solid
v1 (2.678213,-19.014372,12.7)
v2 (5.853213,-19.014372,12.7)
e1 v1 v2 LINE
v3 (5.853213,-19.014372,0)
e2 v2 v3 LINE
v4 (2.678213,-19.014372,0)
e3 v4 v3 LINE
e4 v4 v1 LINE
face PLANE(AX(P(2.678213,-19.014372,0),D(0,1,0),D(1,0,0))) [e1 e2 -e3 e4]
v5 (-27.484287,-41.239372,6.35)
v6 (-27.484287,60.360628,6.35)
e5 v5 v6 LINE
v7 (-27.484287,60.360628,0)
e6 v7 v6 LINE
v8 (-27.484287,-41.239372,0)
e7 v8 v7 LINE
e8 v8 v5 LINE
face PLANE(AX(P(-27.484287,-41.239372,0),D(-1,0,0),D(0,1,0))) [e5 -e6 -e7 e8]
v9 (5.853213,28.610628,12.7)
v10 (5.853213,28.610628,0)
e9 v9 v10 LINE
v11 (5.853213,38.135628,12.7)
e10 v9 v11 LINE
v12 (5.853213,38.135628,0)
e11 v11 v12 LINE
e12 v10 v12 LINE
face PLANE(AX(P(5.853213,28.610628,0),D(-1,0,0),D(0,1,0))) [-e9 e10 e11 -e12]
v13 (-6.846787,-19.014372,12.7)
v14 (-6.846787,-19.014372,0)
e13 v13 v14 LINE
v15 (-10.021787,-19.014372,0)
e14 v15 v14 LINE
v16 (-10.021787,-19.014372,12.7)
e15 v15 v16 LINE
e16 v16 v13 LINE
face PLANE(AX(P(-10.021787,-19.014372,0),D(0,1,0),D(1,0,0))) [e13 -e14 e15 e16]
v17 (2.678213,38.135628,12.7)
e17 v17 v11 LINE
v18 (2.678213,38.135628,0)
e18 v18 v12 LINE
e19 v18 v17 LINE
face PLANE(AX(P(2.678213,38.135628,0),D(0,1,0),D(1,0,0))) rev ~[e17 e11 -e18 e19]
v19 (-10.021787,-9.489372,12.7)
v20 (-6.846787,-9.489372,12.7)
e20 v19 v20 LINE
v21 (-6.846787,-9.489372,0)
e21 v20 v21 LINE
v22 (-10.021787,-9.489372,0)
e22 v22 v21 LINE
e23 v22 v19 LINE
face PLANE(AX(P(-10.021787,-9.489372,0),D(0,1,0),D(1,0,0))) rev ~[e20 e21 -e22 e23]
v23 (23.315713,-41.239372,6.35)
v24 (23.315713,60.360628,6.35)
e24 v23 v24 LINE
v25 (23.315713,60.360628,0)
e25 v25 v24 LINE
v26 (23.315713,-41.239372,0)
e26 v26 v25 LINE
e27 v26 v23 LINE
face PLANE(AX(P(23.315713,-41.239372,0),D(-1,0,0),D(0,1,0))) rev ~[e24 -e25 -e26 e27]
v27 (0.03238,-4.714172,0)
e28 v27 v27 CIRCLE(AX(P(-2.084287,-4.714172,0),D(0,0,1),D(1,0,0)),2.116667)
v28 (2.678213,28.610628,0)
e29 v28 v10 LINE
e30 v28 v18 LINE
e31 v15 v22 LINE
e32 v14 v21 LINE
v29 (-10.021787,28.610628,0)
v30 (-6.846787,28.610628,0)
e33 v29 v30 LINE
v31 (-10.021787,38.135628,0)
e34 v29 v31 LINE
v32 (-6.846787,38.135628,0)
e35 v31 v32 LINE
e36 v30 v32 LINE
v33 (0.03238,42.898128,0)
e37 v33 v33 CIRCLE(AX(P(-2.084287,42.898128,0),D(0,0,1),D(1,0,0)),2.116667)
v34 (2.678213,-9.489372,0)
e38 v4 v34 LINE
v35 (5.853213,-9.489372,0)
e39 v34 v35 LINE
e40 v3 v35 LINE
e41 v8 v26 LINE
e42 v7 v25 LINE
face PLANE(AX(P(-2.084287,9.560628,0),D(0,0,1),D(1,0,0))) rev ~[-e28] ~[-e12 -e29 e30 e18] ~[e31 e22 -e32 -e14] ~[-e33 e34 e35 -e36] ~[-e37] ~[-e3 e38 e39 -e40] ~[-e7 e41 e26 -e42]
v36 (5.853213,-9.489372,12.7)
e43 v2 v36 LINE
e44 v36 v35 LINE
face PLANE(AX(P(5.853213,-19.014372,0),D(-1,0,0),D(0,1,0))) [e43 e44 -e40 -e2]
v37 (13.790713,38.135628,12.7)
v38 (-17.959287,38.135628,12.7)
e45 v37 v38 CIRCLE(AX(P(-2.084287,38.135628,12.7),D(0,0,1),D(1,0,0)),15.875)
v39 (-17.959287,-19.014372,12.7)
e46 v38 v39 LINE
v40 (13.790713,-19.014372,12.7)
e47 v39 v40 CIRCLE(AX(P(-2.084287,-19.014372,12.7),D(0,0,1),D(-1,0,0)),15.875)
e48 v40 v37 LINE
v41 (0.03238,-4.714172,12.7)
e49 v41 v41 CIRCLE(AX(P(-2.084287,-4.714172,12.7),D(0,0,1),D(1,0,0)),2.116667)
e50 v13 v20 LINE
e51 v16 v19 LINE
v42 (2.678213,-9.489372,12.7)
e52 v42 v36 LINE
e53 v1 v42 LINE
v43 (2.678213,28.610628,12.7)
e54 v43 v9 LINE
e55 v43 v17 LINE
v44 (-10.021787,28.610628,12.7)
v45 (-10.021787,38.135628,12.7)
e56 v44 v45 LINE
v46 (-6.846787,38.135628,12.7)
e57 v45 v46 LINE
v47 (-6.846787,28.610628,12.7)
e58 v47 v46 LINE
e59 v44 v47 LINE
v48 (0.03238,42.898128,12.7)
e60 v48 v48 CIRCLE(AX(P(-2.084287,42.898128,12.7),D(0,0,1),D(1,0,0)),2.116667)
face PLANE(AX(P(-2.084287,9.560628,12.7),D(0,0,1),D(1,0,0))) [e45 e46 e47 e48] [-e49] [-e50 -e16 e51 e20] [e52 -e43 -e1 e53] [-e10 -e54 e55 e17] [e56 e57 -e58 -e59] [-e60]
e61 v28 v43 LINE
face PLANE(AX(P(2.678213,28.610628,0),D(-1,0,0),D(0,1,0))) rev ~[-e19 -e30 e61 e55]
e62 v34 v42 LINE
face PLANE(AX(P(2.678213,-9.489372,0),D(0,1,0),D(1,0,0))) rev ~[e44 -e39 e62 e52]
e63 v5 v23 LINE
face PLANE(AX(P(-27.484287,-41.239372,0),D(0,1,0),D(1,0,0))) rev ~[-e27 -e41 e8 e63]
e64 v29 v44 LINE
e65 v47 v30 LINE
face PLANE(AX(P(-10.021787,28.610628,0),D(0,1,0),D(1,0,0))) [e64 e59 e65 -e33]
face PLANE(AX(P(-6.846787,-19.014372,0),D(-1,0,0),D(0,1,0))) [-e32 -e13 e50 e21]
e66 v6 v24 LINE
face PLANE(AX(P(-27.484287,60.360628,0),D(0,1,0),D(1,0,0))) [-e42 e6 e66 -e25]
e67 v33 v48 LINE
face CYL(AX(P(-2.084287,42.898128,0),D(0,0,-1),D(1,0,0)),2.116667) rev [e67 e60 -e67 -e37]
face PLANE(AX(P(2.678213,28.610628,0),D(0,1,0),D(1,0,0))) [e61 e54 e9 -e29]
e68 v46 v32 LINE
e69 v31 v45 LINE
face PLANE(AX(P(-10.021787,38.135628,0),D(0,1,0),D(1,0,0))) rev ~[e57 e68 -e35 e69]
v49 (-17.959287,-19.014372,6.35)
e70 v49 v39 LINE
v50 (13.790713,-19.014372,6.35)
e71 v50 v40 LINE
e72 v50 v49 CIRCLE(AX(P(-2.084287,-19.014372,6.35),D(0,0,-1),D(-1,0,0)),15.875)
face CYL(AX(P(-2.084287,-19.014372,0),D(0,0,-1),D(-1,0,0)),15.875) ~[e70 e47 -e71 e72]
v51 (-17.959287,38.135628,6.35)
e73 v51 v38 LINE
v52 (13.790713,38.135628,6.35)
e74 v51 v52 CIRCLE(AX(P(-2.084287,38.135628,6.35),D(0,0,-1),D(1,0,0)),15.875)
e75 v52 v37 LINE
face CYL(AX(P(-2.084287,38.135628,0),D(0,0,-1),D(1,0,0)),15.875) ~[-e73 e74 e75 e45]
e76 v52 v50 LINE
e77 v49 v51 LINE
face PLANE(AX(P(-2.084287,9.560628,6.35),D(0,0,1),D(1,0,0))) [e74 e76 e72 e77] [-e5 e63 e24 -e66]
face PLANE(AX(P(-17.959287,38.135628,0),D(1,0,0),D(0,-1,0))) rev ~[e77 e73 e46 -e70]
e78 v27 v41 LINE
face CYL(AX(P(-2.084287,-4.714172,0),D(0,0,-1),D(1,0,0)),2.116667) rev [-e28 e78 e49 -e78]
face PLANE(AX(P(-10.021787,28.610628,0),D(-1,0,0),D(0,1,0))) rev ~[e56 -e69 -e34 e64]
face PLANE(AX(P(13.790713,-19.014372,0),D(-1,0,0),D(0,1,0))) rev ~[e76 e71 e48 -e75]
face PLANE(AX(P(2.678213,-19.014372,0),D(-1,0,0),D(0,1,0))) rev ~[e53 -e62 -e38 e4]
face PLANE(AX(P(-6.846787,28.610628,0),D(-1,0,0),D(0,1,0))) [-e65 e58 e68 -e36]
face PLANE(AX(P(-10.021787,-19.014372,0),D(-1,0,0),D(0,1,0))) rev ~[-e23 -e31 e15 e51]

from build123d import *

# Parameters (mm, degrees)
F0_W     = 50.8
F0_H     = 101.6
F0_W_2   = 3.175
F0_H_2   = 9.525
F0_R     = 2.116667
F1_DEPTH = 6.35
F2_DEPTH = 12.7


with BuildPart() as f1:
    # F0 (on Top) → F1 (new body)
    with BuildSketch(Plane.XY):
        with Locations((-2.084287, 9.560628)):
            Rectangle(F0_W, F0_H)
        with BuildLine():
            Line((-17.959287, -19.014372), (-17.959287, 38.135628))
            ThreePointArc((-17.959287, 38.135628), (-2.084287, 54.010628), (13.790713, 38.135628))
            Line((13.790713, 38.135628), (13.790713, -19.014372))
            ThreePointArc((13.790713, -19.014372), (-2.084287, -34.889372), (-17.959287, -19.014372))
        make_face(mode=Mode.SUBTRACT)
        with BuildLine():
            ThreePointArc((13.790713, 38.135628), (-2.084287, 54.010628), (-17.959287, 38.135628))
            Line((-17.959287, 38.135628), (-17.959287, -19.014372))
            ThreePointArc((-17.959287, -19.014372), (-2.084287, -34.889372), (13.790713, -19.014372))
            Line((13.790713, -19.014372), (13.790713, 38.135628))
        make_face()
        with Locations((-8.434287, -14.251872)):
            Rectangle(F0_W_2, F0_H_2, mode=Mode.SUBTRACT)
        with Locations((-2.084287, -4.714172)):
            Circle(F0_R, mode=Mode.SUBTRACT)
        with Locations((4.265713, -14.251872)):
            Rectangle(F0_W_2, F0_H_2, mode=Mode.SUBTRACT)
        with Locations((-8.434287, 33.373128)):
            Rectangle(F0_W_2, F0_H_2, mode=Mode.SUBTRACT)
        with Locations((-2.084287, 42.898128)):
            Circle(F0_R, mode=Mode.SUBTRACT)
        with Locations((4.265713, 33.373128)):
            Rectangle(F0_W_2, F0_H_2, mode=Mode.SUBTRACT)
    extrude(amount=F1_DEPTH)

    # F0 (on Top) → F2 (join)
    with BuildSketch(Plane.XY):
        with BuildLine():
            ThreePointArc((13.790713, 38.135628), (-2.084287, 54.010628), (-17.959287, 38.135628))
            Line((-17.959287, 38.135628), (-17.959287, -19.014372))
            ThreePointArc((-17.959287, -19.014372), (-2.084287, -34.889372), (13.790713, -19.014372))
            Line((13.790713, -19.014372), (13.790713, 38.135628))
        make_face()
        with Locations((-8.434287, -14.251872)):
            Rectangle(F0_W_2, F0_H_2, mode=Mode.SUBTRACT)
        with Locations((-2.084287, -4.714172)):
            Circle(F0_R, mode=Mode.SUBTRACT)
        with Locations((4.265713, -14.251872)):
            Rectangle(F0_W_2, F0_H_2, mode=Mode.SUBTRACT)
        with Locations((-8.434287, 33.373128)):
            Rectangle(F0_W_2, F0_H_2, mode=Mode.SUBTRACT)
        with Locations((-2.084287, 42.898128)):
            Circle(F0_R, mode=Mode.SUBTRACT)
        with Locations((4.265713, 33.373128)):
            Rectangle(F0_W_2, F0_H_2, mode=Mode.SUBTRACT)
    extrude(amount=F2_DEPTH)


solid = f1.part
